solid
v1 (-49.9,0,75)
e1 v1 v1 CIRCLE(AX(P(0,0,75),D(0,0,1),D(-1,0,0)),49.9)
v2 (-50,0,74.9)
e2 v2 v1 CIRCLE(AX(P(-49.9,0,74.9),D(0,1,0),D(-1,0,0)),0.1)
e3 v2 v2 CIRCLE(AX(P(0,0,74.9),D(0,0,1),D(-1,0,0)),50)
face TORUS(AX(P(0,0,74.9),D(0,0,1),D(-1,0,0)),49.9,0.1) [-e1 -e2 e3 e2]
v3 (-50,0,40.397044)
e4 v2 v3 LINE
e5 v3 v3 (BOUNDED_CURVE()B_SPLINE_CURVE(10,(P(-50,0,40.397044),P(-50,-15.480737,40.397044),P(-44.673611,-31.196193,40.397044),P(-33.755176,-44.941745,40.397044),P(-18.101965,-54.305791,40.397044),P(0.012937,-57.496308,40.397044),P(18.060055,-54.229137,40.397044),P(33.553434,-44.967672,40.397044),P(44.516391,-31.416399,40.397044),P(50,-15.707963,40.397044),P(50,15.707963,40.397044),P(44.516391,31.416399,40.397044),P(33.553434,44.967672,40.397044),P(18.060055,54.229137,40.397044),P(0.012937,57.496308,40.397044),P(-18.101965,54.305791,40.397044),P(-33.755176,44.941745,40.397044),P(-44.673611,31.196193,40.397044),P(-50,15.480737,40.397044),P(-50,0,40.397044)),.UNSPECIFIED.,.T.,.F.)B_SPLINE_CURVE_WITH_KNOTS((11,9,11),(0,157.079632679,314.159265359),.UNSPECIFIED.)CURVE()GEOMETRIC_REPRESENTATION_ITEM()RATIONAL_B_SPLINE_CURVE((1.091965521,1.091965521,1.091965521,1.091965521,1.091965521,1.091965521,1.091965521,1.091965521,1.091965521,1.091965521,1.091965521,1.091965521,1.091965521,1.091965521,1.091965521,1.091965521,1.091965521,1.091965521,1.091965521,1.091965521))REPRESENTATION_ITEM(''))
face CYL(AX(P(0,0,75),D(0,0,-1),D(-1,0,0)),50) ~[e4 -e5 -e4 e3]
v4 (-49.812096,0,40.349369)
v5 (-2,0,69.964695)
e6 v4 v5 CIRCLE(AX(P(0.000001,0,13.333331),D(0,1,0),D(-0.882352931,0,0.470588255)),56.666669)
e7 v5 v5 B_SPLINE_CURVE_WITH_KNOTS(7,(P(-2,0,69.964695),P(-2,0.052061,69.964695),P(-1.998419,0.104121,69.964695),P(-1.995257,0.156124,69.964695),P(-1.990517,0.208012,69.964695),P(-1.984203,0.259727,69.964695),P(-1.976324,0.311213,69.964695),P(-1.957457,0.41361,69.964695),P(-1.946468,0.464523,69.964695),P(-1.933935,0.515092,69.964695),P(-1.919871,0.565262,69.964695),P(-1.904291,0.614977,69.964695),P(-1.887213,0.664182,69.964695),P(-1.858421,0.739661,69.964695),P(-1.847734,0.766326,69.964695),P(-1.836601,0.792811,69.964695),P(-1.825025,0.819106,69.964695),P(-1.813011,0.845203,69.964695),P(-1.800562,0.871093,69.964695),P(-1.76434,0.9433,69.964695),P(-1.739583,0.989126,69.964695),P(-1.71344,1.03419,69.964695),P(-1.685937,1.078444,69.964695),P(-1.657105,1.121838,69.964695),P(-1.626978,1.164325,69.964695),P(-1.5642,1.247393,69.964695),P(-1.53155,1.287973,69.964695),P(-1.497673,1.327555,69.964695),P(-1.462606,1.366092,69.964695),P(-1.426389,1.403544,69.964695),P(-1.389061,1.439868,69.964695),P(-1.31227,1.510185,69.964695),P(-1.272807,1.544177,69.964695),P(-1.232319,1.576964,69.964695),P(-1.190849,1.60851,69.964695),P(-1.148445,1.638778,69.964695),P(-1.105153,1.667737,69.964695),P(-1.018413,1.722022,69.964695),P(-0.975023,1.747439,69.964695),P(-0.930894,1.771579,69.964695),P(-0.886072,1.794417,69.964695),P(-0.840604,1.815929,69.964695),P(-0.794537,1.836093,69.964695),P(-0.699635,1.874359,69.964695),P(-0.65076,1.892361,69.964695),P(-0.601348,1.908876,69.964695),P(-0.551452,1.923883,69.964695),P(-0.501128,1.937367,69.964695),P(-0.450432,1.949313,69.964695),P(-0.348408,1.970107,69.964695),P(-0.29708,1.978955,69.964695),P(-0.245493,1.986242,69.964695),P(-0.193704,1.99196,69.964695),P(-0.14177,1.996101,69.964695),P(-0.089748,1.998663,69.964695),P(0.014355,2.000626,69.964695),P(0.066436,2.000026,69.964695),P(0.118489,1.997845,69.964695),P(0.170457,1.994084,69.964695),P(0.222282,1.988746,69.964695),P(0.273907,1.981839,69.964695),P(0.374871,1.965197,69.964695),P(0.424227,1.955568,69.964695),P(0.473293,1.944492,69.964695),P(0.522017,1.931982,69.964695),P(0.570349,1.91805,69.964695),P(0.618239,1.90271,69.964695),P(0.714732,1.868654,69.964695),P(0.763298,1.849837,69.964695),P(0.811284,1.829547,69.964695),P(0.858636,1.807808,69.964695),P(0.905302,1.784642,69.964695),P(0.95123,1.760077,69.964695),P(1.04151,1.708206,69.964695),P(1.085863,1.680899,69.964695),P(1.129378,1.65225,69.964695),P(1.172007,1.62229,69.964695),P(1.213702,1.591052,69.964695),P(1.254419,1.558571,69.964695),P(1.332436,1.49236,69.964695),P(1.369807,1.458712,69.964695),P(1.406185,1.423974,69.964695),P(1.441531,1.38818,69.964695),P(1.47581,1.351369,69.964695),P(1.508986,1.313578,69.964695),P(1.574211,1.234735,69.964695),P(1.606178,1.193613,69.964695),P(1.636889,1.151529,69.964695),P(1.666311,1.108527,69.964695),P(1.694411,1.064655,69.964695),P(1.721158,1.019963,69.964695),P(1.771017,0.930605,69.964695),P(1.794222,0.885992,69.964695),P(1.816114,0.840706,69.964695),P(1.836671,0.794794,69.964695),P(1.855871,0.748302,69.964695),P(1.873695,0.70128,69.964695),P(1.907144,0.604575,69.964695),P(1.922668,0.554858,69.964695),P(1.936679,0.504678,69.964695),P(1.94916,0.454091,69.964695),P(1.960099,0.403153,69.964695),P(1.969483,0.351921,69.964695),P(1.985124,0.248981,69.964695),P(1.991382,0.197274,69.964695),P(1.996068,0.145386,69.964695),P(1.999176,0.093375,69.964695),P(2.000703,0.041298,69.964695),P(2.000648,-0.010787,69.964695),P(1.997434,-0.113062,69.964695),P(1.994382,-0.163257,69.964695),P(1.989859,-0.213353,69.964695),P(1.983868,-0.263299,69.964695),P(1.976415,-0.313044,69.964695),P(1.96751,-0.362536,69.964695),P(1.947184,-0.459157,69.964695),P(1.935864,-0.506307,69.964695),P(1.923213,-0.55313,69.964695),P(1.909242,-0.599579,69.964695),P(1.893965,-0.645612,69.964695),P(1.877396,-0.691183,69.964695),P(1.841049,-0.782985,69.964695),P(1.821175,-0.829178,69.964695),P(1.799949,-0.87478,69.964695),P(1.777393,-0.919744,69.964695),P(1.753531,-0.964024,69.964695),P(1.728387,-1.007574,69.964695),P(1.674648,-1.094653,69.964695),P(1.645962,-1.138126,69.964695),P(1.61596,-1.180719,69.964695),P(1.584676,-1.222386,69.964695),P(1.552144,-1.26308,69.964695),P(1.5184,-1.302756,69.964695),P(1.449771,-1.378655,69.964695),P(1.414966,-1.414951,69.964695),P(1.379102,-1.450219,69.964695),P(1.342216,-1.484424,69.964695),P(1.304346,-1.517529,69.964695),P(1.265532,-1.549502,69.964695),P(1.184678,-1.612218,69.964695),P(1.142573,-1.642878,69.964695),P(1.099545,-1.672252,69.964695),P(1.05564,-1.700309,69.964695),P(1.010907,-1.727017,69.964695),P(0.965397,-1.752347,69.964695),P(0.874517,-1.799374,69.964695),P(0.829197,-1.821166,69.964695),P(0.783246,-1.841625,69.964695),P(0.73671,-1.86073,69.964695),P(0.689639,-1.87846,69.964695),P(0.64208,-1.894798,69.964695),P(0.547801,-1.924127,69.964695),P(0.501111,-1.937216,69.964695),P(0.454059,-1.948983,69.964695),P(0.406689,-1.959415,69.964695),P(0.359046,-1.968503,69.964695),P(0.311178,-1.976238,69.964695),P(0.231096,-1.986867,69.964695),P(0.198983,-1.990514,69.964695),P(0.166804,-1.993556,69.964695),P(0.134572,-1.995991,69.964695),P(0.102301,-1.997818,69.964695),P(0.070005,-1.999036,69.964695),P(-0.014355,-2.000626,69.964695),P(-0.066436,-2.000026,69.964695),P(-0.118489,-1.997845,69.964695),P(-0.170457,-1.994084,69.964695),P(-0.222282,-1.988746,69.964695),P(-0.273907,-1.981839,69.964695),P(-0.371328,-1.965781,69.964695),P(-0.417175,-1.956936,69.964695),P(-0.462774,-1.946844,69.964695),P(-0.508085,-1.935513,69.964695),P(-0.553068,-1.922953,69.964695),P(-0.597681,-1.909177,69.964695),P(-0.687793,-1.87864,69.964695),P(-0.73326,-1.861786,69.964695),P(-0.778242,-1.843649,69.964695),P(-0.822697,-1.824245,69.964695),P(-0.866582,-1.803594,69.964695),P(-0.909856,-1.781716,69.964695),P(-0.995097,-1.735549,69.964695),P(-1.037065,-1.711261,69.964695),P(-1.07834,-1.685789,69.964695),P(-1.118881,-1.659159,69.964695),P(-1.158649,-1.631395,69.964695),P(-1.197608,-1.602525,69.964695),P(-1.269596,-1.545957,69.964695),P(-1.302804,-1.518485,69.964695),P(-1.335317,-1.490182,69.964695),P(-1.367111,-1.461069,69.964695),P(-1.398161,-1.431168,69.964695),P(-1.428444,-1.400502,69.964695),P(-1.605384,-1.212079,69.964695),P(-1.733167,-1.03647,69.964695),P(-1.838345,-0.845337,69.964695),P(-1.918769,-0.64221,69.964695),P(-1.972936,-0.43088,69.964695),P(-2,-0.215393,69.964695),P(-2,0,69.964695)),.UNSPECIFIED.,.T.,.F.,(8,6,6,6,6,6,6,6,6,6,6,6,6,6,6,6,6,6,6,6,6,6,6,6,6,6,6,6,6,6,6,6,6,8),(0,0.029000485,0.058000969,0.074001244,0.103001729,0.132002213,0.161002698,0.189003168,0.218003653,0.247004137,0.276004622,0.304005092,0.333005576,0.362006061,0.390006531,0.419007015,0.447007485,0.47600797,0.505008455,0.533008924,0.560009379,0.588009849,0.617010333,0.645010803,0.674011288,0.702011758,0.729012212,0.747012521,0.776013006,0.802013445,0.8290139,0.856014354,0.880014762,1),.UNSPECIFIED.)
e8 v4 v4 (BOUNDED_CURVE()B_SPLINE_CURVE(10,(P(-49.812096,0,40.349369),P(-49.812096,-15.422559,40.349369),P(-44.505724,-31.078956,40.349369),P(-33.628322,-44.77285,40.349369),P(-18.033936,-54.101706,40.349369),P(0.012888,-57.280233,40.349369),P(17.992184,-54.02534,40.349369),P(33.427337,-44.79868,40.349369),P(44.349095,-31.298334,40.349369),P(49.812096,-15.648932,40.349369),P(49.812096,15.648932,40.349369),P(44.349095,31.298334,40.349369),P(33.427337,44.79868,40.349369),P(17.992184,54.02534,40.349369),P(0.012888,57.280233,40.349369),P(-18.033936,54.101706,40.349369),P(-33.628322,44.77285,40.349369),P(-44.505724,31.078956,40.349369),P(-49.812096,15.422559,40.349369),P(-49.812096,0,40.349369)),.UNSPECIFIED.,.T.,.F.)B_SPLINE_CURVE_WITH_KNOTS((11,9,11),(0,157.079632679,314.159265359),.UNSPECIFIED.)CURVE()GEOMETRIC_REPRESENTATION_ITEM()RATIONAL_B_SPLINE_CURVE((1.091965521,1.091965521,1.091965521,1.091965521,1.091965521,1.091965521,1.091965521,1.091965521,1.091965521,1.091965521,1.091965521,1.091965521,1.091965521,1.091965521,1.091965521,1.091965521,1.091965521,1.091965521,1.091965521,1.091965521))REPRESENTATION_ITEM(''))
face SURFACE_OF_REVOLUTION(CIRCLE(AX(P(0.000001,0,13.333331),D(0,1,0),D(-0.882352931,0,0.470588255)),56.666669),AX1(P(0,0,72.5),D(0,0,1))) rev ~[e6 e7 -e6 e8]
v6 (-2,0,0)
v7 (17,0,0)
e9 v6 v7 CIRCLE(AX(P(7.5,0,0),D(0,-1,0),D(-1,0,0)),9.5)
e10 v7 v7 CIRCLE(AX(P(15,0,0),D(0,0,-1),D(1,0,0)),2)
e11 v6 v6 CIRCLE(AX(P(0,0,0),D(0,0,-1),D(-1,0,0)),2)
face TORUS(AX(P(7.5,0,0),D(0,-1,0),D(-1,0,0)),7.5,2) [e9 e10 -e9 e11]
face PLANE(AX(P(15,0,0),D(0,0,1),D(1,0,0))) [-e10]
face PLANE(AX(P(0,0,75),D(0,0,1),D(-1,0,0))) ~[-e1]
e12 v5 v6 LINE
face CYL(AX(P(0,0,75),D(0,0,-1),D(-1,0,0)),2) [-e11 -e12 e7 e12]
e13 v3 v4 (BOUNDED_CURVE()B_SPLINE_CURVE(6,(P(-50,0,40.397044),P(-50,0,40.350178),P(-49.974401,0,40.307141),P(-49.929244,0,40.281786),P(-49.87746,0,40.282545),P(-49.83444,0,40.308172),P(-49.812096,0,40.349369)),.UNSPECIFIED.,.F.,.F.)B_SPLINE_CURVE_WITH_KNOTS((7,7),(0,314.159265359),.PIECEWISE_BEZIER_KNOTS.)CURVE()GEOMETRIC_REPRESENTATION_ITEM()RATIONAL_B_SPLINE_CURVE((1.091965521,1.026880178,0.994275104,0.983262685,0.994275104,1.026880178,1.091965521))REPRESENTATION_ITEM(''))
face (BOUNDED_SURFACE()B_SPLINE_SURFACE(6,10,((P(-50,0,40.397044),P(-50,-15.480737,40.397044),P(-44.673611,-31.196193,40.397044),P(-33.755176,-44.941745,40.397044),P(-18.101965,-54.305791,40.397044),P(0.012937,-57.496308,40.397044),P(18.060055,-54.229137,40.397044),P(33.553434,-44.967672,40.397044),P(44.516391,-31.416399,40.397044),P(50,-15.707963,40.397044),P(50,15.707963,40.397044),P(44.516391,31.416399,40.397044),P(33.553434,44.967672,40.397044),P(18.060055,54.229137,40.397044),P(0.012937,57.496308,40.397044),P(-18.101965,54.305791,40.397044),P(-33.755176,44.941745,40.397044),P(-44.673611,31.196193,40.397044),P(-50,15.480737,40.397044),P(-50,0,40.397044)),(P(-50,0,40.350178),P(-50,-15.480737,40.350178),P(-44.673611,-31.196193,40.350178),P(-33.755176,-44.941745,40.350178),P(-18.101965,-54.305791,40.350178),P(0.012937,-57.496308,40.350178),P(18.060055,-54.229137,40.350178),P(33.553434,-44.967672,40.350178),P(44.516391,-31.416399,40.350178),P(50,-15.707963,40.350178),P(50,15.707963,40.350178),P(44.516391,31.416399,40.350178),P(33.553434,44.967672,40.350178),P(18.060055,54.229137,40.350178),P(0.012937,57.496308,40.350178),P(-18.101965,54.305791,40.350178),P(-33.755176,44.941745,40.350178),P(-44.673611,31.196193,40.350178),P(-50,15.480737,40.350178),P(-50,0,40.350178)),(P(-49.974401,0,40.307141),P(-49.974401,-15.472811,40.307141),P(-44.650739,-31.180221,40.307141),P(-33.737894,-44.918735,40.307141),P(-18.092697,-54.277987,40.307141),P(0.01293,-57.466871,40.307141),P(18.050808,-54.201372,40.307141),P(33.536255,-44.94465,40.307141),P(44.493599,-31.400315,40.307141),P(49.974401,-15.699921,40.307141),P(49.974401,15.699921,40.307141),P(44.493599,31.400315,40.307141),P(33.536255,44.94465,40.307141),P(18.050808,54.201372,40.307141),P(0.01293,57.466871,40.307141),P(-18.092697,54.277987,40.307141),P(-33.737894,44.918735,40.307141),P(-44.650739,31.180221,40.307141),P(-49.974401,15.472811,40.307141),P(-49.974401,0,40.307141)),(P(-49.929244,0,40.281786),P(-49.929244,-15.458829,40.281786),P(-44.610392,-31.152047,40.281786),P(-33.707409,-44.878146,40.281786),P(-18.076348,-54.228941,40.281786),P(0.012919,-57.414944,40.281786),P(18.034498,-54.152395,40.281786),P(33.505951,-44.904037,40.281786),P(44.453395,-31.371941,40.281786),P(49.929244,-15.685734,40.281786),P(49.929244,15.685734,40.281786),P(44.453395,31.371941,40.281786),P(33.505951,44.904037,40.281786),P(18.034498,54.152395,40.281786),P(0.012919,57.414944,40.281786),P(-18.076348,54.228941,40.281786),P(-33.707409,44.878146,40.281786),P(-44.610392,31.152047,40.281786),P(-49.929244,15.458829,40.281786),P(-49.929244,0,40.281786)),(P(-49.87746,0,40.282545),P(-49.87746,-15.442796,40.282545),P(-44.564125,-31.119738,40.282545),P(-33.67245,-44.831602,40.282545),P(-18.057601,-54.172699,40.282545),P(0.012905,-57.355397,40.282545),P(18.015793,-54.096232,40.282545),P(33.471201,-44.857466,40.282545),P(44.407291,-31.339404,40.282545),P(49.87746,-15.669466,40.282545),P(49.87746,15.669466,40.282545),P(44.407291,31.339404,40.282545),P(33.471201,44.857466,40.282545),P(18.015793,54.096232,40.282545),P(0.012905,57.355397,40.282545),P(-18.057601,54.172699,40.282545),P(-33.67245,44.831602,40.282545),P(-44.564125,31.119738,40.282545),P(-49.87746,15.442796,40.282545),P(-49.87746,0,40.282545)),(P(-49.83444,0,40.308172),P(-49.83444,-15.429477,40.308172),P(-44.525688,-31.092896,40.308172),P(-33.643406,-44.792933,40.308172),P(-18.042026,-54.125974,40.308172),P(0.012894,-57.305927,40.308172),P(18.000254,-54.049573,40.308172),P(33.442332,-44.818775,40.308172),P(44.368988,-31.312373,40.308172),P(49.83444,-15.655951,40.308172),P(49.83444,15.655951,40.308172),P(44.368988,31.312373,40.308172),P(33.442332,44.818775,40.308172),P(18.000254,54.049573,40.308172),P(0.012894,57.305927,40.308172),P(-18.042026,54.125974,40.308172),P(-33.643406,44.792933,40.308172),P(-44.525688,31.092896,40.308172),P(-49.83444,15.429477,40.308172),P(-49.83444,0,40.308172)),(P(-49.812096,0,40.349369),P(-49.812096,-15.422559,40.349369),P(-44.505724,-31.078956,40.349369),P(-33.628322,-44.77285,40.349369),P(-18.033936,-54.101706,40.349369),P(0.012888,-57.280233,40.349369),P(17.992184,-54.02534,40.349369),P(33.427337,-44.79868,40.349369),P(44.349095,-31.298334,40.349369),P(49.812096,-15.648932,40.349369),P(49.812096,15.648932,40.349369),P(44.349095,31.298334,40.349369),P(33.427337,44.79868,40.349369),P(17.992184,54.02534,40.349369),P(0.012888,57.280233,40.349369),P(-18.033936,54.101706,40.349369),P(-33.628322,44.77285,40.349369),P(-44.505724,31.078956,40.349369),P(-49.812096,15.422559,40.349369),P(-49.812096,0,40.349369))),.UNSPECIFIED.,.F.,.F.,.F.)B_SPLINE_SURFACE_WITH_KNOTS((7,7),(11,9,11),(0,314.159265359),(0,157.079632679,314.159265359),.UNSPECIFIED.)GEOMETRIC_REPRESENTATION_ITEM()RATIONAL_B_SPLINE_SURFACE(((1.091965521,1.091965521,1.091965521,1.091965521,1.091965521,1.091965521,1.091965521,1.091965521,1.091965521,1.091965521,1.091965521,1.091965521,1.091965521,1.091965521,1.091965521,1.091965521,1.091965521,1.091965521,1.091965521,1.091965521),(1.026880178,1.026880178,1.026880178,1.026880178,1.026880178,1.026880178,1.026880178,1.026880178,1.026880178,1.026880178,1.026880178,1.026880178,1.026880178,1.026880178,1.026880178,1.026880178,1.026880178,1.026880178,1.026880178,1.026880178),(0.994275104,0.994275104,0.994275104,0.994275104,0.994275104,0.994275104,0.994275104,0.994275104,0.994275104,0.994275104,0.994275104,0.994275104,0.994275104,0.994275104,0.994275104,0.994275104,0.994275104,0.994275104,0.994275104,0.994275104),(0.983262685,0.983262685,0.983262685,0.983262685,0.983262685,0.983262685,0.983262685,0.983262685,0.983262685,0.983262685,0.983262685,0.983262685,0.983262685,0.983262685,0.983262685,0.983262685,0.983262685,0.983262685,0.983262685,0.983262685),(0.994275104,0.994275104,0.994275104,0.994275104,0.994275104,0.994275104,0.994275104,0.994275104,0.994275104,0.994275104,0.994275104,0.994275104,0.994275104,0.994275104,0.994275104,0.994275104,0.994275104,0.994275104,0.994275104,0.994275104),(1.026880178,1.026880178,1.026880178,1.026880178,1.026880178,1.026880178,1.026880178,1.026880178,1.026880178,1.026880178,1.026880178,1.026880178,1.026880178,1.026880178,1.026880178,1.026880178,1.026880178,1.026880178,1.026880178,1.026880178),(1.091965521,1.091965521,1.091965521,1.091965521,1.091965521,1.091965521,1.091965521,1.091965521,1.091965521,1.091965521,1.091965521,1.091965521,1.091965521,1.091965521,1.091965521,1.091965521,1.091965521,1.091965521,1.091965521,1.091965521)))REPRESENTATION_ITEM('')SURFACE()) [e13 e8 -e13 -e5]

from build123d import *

# Parameters (mm, degrees)
F1_R = 2
F5_R = 0.1


with BuildPart() as f2:
    # F2: sweep along a path in F0
    with BuildLine(Plane.XZ) as f2_path:
        Line((0, 75), (0, 0))
        ThreePointArc((0, 0), (7.5, -7.5), (15, 0))
    # F1 (on Top) → F2 (sweep)
    with BuildSketch(Plane.XY):
        with Locations((15, 0)):
            Circle(F1_R)
    sweep(path=f2_path.line)

    # F3 (on Front) → F4 (revolve)
    with BuildSketch(Plane.XZ):
        with BuildLine():
            Line((-50, 75), (-50, 40))
            ThreePointArc((-50, 40), (-29.154759, 61.924599), (0, 70))
            Line((0, 70), (0, 75))
            Line((0, 75), (-50, 75))
        make_face()
    revolve(axis=Axis((0, 0, 72.5), (0, 0, 1)))

    # F5
    f5_edges = [f2.edges().sort_by_distance(p)[0] for p in [
        (50, 0, 75),
        (50, 0, 40),
    ]]
    fillet(f5_edges, radius=F5_R)


solid = f2.part
